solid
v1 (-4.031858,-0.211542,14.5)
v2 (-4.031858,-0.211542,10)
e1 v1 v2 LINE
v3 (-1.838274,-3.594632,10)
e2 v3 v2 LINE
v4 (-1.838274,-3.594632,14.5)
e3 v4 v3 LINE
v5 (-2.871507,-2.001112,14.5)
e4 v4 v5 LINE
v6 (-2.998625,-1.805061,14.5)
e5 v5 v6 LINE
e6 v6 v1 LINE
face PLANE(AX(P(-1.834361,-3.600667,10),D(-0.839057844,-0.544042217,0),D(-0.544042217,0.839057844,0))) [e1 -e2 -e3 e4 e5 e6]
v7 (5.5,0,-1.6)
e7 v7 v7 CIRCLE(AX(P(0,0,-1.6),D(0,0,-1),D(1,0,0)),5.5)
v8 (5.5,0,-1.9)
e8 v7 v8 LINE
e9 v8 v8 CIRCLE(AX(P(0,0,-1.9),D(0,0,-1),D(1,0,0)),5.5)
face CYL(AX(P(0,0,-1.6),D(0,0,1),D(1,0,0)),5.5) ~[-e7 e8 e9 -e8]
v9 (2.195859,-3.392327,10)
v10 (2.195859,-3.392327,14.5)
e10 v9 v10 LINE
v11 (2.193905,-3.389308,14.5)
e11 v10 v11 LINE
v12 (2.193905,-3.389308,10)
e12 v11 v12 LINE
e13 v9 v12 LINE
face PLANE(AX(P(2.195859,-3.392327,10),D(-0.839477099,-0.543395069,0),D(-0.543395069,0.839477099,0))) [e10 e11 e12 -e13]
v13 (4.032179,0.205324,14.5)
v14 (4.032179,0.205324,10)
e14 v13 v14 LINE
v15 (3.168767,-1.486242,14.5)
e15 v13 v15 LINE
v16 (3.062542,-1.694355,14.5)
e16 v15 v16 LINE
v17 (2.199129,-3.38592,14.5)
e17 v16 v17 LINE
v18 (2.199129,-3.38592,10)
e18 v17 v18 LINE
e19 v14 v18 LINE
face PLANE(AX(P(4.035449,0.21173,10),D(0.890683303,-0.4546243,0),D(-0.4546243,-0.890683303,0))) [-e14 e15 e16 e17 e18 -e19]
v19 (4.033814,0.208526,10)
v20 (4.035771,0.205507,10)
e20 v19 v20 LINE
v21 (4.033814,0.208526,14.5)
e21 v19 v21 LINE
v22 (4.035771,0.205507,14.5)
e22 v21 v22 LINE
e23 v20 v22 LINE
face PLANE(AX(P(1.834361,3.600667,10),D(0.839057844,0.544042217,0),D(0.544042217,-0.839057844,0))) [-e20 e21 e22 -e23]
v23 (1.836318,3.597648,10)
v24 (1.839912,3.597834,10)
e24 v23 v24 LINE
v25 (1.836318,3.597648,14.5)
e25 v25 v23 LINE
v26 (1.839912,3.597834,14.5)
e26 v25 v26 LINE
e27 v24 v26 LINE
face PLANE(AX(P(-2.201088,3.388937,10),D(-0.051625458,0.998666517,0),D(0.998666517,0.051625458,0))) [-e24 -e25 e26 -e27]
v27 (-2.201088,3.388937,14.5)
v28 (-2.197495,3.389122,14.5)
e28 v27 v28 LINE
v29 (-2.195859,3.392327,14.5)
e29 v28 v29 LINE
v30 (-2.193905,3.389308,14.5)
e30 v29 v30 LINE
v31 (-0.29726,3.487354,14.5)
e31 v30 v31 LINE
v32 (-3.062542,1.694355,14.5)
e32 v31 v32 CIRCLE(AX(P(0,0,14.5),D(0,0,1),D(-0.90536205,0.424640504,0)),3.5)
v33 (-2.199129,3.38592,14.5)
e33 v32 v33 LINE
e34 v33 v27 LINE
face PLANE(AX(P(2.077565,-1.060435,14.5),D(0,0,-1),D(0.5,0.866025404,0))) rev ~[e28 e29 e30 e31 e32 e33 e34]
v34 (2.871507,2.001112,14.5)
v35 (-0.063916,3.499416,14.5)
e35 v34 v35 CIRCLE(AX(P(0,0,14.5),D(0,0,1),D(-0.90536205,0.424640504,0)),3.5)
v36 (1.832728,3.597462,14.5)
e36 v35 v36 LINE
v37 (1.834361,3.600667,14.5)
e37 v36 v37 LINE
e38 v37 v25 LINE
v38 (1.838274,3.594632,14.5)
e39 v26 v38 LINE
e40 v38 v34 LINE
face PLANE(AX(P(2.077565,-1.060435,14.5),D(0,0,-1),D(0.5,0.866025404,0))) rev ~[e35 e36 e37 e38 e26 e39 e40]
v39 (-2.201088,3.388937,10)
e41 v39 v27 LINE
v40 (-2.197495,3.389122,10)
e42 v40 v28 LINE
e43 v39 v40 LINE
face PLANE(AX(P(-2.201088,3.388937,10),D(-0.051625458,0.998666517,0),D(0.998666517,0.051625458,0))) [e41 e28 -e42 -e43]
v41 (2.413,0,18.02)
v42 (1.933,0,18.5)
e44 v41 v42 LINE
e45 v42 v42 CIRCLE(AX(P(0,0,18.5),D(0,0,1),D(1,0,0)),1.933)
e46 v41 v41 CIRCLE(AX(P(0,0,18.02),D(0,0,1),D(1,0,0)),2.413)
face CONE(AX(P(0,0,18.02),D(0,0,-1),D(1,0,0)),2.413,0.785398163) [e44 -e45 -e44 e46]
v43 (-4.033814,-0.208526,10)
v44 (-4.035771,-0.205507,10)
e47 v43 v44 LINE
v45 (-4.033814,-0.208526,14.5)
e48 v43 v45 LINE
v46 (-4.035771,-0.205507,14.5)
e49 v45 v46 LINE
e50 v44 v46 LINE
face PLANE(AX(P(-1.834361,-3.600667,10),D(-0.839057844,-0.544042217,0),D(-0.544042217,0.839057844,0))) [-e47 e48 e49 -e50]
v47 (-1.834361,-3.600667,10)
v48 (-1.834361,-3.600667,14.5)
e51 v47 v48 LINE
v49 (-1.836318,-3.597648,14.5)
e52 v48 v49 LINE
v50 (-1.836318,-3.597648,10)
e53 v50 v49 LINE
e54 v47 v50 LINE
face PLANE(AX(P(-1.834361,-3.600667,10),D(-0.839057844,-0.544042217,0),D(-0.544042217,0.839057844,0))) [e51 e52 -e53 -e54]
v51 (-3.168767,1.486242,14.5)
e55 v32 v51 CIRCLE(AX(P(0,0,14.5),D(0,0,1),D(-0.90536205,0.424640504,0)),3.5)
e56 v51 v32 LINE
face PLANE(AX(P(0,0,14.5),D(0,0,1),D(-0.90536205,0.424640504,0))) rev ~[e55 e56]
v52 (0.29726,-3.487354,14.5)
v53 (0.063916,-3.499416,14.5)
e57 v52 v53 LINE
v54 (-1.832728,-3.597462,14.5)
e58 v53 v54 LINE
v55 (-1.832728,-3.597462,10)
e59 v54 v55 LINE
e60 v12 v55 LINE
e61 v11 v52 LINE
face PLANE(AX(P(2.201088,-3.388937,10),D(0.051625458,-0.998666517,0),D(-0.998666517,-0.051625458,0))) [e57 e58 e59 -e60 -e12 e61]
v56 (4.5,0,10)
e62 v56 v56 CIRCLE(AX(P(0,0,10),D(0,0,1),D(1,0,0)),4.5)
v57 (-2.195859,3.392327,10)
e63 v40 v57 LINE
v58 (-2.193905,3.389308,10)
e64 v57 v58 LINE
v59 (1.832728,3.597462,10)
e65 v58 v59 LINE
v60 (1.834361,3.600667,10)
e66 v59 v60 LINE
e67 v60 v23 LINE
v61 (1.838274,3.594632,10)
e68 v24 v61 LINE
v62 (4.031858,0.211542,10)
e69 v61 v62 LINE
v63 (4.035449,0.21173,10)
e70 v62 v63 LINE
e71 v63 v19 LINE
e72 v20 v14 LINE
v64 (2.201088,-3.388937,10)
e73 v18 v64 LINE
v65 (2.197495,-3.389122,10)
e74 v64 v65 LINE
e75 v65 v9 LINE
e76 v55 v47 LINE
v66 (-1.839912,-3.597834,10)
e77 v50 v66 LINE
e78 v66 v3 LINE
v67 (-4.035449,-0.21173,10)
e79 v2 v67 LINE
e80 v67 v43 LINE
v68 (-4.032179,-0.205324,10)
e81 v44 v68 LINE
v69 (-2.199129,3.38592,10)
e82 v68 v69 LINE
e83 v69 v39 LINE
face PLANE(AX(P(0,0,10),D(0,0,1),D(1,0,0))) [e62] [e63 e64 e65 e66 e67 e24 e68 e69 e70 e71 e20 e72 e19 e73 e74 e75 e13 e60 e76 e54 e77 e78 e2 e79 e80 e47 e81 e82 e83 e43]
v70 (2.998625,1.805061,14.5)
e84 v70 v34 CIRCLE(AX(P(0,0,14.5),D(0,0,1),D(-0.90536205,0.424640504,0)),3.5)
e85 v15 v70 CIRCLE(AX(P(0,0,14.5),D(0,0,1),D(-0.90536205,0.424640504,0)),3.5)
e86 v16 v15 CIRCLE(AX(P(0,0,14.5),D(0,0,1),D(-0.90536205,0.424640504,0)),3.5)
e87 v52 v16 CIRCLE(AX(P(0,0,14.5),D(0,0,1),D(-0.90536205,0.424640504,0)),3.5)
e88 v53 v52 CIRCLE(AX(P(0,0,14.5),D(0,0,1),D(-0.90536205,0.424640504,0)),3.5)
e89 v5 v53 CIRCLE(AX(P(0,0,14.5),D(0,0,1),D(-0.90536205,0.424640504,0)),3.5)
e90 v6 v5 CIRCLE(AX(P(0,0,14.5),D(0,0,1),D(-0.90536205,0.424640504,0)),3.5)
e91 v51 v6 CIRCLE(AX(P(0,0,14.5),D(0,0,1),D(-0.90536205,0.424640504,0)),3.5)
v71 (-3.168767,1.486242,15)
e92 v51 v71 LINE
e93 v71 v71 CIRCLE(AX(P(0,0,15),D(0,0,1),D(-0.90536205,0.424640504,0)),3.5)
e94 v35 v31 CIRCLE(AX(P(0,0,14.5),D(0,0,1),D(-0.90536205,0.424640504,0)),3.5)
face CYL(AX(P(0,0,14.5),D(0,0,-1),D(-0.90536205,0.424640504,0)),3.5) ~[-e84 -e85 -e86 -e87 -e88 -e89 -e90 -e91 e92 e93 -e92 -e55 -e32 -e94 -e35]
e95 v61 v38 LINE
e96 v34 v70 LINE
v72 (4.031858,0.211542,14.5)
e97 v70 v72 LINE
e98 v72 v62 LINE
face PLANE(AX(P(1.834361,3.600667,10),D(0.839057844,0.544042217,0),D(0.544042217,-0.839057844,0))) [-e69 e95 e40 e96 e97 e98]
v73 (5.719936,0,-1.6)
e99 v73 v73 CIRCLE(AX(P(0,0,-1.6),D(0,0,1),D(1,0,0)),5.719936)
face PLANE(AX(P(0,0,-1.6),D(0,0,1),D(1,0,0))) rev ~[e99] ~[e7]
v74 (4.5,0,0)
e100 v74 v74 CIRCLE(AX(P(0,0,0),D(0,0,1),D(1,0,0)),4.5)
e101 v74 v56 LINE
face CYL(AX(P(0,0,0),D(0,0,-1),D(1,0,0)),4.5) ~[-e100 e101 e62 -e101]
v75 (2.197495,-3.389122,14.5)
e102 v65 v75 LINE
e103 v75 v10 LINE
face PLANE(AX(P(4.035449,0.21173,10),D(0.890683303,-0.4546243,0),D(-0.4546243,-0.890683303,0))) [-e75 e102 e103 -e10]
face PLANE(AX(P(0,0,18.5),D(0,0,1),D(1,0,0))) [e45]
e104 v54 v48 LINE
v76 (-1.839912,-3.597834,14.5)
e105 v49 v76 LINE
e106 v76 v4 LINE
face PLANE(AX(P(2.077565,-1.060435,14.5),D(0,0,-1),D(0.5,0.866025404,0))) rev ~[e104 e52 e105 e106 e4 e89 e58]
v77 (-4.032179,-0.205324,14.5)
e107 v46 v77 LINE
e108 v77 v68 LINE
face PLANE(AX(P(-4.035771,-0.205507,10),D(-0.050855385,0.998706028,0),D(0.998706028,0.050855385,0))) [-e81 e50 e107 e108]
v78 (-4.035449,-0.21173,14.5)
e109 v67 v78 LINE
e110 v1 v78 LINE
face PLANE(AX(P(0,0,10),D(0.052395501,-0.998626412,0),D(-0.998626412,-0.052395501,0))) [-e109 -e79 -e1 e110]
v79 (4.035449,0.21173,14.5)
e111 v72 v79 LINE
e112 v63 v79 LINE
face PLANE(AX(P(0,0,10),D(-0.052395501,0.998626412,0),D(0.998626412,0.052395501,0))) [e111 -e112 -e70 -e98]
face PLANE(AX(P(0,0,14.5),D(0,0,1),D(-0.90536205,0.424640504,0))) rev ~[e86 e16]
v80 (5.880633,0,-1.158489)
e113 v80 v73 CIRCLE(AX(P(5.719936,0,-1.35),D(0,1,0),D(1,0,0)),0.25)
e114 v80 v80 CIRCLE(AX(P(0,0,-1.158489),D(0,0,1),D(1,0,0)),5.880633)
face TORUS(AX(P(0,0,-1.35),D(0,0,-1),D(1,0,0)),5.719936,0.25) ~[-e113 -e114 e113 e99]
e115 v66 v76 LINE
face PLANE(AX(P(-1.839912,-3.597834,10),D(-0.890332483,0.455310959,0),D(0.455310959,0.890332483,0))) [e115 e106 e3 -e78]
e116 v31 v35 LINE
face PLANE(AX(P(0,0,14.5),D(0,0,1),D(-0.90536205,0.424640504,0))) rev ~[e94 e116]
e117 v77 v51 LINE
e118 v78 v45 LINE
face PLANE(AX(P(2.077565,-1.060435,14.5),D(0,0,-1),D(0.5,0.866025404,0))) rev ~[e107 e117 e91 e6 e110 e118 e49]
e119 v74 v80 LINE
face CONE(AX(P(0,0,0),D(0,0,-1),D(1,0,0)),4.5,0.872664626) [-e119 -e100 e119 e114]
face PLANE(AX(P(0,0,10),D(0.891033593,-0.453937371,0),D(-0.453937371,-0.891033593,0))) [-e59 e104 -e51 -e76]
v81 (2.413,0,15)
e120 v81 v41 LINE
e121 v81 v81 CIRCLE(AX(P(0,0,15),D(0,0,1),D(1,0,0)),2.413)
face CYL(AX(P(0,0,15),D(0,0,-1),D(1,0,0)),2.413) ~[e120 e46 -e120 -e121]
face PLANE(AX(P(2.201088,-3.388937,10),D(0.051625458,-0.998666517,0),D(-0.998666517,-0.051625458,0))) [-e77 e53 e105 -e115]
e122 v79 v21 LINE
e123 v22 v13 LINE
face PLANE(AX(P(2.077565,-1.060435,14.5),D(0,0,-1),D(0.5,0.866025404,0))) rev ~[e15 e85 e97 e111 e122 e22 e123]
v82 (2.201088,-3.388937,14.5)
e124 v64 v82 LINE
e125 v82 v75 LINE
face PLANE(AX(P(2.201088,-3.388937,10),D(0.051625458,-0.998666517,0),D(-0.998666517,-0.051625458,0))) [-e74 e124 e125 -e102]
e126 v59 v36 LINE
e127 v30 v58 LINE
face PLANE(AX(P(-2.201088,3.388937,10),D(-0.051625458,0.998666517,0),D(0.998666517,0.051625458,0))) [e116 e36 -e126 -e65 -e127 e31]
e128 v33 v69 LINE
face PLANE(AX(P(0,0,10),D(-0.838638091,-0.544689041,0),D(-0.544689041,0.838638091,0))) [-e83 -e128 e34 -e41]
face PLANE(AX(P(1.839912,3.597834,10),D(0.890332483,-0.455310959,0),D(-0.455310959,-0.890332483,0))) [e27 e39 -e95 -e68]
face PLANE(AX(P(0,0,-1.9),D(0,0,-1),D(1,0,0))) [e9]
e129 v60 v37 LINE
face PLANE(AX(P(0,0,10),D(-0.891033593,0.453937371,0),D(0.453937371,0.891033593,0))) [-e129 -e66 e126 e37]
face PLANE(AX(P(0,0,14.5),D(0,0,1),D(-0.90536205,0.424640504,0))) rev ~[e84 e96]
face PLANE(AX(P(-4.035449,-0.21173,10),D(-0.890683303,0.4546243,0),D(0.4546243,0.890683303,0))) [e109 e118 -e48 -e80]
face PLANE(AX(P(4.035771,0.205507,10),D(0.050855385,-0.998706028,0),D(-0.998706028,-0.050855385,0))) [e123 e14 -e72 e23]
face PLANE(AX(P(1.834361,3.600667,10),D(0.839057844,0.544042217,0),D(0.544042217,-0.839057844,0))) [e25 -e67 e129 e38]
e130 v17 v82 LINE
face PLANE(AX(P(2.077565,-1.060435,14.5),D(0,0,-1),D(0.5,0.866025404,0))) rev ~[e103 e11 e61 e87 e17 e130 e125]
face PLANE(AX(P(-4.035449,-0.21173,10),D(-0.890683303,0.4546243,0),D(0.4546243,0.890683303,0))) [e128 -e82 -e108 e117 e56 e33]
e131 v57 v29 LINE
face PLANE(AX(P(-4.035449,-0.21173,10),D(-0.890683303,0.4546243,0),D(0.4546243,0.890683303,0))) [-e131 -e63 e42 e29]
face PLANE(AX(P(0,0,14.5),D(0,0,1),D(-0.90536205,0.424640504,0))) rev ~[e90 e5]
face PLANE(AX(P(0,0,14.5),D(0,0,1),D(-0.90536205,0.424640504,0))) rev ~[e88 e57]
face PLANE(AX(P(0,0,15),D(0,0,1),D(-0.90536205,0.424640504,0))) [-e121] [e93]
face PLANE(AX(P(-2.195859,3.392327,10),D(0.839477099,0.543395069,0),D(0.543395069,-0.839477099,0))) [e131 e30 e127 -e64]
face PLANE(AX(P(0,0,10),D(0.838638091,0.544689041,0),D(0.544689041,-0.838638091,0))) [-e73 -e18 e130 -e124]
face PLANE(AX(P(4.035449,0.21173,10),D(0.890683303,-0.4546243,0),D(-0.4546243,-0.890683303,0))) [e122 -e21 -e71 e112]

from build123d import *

# Parameters (mm, degrees)
SKETCH_1_R               = 4.5
EXTRUDE_1_DEPTH          = 10
SKETCH_1_2_R             = 4.5
EXTRUDE_2_DEPTH          = 1.6
EXTRUDE_2_DRAFT          = 50
FILLET_1_R               = 0.25
SKETCH_5_R               = 5.5
EXTRUDE_3_DEPTH          = 0.3
EXTRUDE_4_DEPTH          = 4.5
PATTERN_CIRCULAR_1_COUNT = 6
SKETCH_8_R               = 3.5
EXTRUDE_5_DEPTH          = 0.5
SKETCH_9_R               = 2.413
EXTRUDE_6_DEPTH          = 3.5
CHAMFER_1_SIZE           = 0.48


with BuildPart() as part:
    # 스케치1 → 보스-돌출1 (new body)
    with BuildSketch(Plane.XY):
        Circle(SKETCH_1_R)
    extrude(amount=EXTRUDE_1_DEPTH)


with BuildPart() as extrude_2_tool:
    # 스케치1<2> → 보스-돌출2 (with draft: the straight prism first)
    with BuildSketch(Plane.XY):
        Circle(SKETCH_1_2_R)
    extrude(amount=-EXTRUDE_2_DEPTH)
    # 보스-돌출2: the draft: its side faces are tilted about the plane it starts from
    extrude_2_sides = [extrude_2_tool.faces().sort_by_distance(p)[0] for p in [
        (-4.5, 0, -0.8),
    ]]
    draft(extrude_2_sides, Plane.XY, EXTRUDE_2_DRAFT)


with BuildPart() as part_1:
    add(part.part)

    # 보스-돌출2: add extrude_2_tool
    add(extrude_2_tool.part)

    # 필렛1
    fillet_1_edges = [part_1.edges().sort_by_distance(p)[0] for p in [
        (-6.406805748, 0, -1.6),
    ]]
    fillet(fillet_1_edges, radius=FILLET_1_R)

    # 스케치5 → 보스-돌출3 (add)
    with BuildSketch(Plane(origin=(0, 0, -1.6), x_dir=(-1, 0, 0), z_dir=(0, 0, -1))):
        Circle(SKETCH_5_R)
    extrude(amount=EXTRUDE_3_DEPTH)

    # 스케치7 → 보스-돌출4 (add)
    with BuildSketch(Plane.XY.offset(10)):
        Polygon((0, 0), (-2.201088416, 3.388936527), (1.839911584, 3.597833565), align=None)
    extrude_4 = extrude(amount=EXTRUDE_4_DEPTH)

    # 원형 패턴1: 보스-돌출4 ×6 about axis
    pattern_circular_1_axis = Axis((0, 0, 10), (0, 0, 1))
    for i in range(1, PATTERN_CIRCULAR_1_COUNT):
        add(extrude_4.rotate(pattern_circular_1_axis, i * 360 / PATTERN_CIRCULAR_1_COUNT))

    # 스케치8 → 보스-돌출5 (add)
    with BuildSketch(Plane.XY.offset(14.5)):
        Circle(SKETCH_8_R)
    extrude(amount=EXTRUDE_5_DEPTH)

    # 스케치9 → 보스-돌출6 (add)
    with BuildSketch(Plane.XY.offset(15)):
        Circle(SKETCH_9_R)
    extrude(amount=EXTRUDE_6_DEPTH)

    # 모따기1
    chamfer_1_edges = [part_1.edges().sort_by_distance(p)[0] for p in [
        (-2.413, 0, 18.5),
    ]]
    chamfer(chamfer_1_edges, length=CHAMFER_1_SIZE)


solid = part_1.part
